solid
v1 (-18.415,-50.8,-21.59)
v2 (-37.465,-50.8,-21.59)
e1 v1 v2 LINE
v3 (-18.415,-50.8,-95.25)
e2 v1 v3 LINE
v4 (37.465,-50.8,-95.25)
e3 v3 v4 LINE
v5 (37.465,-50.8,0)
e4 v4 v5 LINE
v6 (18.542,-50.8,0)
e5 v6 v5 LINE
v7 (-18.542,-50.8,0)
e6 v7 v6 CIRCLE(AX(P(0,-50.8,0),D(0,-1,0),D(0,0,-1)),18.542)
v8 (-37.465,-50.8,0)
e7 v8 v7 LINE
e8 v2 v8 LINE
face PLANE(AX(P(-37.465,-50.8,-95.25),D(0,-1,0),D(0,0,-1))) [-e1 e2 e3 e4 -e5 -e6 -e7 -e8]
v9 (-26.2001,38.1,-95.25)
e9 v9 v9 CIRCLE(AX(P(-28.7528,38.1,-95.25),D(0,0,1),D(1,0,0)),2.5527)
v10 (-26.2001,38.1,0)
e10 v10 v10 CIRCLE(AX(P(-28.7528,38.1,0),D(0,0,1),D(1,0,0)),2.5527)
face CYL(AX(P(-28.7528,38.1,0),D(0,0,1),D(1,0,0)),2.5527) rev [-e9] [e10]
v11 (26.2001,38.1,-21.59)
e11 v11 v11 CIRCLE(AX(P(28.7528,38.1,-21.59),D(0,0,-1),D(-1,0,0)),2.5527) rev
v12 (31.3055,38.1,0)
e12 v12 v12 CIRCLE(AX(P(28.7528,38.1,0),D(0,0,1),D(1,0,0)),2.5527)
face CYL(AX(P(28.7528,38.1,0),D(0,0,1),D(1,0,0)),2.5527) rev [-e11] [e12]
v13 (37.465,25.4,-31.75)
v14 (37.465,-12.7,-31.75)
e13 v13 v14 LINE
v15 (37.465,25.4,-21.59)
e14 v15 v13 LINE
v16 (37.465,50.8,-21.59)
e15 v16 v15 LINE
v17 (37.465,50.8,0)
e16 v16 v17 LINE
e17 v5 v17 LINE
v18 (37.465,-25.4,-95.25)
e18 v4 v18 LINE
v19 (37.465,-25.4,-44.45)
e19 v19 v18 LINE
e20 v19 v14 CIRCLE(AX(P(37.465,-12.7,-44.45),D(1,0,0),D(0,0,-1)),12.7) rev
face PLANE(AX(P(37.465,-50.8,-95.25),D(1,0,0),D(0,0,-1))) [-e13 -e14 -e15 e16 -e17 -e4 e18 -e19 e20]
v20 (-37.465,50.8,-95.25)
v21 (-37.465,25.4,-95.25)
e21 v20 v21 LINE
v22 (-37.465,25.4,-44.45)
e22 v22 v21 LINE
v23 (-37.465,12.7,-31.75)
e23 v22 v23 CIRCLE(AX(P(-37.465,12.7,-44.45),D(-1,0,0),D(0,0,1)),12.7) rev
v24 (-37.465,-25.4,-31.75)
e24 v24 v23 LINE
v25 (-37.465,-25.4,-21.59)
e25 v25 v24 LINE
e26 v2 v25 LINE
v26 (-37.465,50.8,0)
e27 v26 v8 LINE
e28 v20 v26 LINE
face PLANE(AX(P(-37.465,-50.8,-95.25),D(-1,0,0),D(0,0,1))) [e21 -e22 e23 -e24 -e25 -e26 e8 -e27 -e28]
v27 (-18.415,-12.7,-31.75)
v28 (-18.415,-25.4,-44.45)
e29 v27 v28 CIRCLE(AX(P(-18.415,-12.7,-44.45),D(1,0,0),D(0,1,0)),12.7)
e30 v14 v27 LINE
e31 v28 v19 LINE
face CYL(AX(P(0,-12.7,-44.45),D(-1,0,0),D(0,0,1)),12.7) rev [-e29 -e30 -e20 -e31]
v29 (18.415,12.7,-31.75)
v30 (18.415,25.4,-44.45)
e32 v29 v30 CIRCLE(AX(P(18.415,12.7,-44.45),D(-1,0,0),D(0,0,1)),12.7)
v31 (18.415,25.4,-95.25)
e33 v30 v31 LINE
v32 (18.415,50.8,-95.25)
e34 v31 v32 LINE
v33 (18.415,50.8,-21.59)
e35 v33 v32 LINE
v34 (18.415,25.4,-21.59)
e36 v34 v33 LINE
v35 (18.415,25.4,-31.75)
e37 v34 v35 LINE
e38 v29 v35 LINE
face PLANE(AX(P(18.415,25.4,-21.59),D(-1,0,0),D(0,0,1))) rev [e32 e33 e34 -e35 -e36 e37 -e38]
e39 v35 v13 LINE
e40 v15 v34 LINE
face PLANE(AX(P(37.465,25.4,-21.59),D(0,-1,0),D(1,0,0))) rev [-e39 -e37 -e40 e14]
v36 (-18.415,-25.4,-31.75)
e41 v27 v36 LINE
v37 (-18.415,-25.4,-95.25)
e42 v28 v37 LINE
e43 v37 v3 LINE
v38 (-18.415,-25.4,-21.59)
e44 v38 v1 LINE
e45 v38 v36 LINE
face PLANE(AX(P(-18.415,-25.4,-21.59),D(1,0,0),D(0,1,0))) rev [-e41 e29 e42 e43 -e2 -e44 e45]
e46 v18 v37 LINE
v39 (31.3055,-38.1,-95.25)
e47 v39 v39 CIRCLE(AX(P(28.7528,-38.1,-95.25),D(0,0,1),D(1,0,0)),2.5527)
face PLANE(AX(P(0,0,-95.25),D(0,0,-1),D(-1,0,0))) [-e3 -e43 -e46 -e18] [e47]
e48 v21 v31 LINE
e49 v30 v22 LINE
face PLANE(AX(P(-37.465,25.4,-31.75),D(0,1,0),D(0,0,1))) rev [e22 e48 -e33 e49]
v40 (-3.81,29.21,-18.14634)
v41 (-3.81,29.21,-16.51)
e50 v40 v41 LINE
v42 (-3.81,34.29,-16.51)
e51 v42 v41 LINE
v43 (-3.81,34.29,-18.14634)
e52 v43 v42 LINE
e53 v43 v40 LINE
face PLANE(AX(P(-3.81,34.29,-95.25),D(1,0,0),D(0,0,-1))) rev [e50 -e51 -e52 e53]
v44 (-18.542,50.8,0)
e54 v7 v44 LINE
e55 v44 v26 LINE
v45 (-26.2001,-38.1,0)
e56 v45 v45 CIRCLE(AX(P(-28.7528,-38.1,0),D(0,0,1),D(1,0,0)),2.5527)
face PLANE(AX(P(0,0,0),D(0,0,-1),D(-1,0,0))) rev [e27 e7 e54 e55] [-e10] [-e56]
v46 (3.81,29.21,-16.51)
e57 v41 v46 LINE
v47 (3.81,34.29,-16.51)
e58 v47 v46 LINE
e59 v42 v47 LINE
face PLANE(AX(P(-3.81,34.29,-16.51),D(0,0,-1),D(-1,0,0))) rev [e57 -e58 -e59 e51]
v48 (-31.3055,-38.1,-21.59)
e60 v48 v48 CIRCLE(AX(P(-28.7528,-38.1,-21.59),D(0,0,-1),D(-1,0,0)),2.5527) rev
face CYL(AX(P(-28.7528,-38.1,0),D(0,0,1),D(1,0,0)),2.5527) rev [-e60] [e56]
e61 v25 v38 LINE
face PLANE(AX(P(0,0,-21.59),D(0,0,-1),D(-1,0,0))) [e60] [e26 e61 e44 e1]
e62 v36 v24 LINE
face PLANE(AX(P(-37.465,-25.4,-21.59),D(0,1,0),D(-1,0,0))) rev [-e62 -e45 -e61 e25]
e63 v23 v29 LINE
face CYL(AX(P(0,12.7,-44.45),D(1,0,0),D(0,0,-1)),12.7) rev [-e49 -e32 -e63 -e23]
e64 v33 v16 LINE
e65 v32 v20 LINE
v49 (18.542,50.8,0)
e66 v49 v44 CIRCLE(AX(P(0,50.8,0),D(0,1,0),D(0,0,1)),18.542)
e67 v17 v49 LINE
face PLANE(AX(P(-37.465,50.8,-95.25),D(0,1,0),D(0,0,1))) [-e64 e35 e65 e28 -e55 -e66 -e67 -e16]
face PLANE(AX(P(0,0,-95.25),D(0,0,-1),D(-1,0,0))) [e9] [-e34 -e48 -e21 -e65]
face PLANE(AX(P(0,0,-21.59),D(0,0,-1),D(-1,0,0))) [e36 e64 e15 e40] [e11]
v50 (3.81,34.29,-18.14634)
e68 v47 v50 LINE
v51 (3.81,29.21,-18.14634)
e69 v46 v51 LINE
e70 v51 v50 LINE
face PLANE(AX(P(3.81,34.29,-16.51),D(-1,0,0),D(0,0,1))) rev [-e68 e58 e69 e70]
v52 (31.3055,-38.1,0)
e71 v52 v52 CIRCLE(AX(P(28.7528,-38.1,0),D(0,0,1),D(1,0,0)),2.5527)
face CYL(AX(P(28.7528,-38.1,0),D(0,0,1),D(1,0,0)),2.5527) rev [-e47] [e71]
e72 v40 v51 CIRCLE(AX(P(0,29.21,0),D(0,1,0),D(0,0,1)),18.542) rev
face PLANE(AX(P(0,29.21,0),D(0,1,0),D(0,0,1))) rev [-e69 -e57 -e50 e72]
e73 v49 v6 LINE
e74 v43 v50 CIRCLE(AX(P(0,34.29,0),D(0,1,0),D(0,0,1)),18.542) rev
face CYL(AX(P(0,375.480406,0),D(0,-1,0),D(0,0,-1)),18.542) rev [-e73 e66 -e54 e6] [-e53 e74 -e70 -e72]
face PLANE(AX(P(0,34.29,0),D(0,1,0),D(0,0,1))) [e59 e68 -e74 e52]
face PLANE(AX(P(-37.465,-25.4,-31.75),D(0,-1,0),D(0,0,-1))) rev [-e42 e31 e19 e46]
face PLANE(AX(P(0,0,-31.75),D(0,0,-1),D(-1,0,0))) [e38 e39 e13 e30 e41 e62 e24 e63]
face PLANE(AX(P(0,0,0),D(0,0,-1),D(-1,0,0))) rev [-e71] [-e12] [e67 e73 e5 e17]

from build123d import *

# Parameters (mm, degrees)
SKETCH1_W                   = 74.93
SKETCH1_H                   = 101.6
BOSS_EXTRUDE2_DEPTH         = 95.25
CUT_EXTRUDE2_DEPTH          = 145.217712938
CUT_EXTRUDE2_DEPTH_BACK     = 145.217712938
SKETCH4_W                   = 7.62
SKETCH4_H                   = 78.74
BOSS_EXTRUDE3_DEPTH         = 2.54
TAP_DRILL_FOR_1_4_20_TAP1_D = 5.1054
SKETCH9_W                   = 19.05
SKETCH9_H                   = 25.4
CUT_EXTRUDE3_DEPTH          = 73.66
SKETCH10_W                  = 74.93
SKETCH10_H                  = 50.8
CUT_EXTRUDE4_DEPTH          = 63.5
FILLET1_R                   = 12.7


with BuildPart() as part:
    # Sketch1 → Boss-Extrude2 (new body)
    with BuildSketch(Plane.XY):
        Rectangle(SKETCH1_W, SKETCH1_H)
    extrude(amount=-BOSS_EXTRUDE2_DEPTH)

    # Sketch2 → Cut-Extrude2 (cut, two sides: drawn at the far end of the back side and taken through both)
    with BuildSketch(Plane(origin=(0, 50.8, 0), x_dir=(1, 0, 0), z_dir=(0, 1, 0)).offset(-CUT_EXTRUDE2_DEPTH_BACK)):
        with BuildLine():
            Line((-18.542, -230.991823822), (-18.542, 0))
            ThreePointArc((-18.542, 0), (0, 18.542), (18.542, 0))
            Line((18.542, 0), (18.542, -230.991823822))
            Line((18.542, -230.991823822), (18.542, -692.975471465))
            Line((18.542, -692.975471465), (-18.542, -692.975471465))
            Line((-18.542, -692.975471465), (-18.542, -230.991823822))
        make_face()
    extrude(amount=CUT_EXTRUDE2_DEPTH + CUT_EXTRUDE2_DEPTH_BACK, mode=Mode.SUBTRACT)

    # Sketch4 → Boss-Extrude3 (add, symmetric)
    with BuildSketch(Plane(origin=(0, 31.75, 0), x_dir=(1, 0, 0), z_dir=(0, 1, 0))):
        with Locations((0, 55.88)):
            Rectangle(SKETCH4_W, SKETCH4_H)
    extrude(amount=BOSS_EXTRUDE3_DEPTH, both=True)

    # Tap Drill for 1/4-20 Tap1 (through all)
    with Locations(Plane.XY):
        with Locations((-28.7528, 38.1), (28.7528, 38.1), (-28.7528, -38.1), (28.7528, -38.1)):
            Hole(TAP_DRILL_FOR_1_4_20_TAP1_D / 2)

    # Sketch9 → Cut-Extrude3 (cut)
    with BuildSketch(Plane(origin=(0, 0, -95.25), x_dir=(-1, 0, 0), z_dir=(0, 0, -1))):
        with Locations((-27.94, 38.1)):
            Rectangle(SKETCH9_W, SKETCH9_H)
        with Locations((27.94, -38.1)):
            Rectangle(SKETCH9_W, SKETCH9_H)
    extrude(amount=-CUT_EXTRUDE3_DEPTH, mode=Mode.SUBTRACT)

    # Sketch10 → Cut-Extrude4 (cut)
    with BuildSketch(Plane(origin=(0, 0, -95.25), x_dir=(-1, 0, 0), z_dir=(0, 0, -1))):
        Rectangle(SKETCH10_W, SKETCH10_H)
    extrude(amount=-CUT_EXTRUDE4_DEPTH, mode=Mode.SUBTRACT)

    # Fillet1
    fillet1_edges = [part.edges().sort_by_distance(p)[0] for p in [
        (-9.525, 25.4, -31.75),
        (9.525, -25.4, -31.75),
    ]]
    fillet(fillet1_edges, radius=FILLET1_R)


solid = part.part
